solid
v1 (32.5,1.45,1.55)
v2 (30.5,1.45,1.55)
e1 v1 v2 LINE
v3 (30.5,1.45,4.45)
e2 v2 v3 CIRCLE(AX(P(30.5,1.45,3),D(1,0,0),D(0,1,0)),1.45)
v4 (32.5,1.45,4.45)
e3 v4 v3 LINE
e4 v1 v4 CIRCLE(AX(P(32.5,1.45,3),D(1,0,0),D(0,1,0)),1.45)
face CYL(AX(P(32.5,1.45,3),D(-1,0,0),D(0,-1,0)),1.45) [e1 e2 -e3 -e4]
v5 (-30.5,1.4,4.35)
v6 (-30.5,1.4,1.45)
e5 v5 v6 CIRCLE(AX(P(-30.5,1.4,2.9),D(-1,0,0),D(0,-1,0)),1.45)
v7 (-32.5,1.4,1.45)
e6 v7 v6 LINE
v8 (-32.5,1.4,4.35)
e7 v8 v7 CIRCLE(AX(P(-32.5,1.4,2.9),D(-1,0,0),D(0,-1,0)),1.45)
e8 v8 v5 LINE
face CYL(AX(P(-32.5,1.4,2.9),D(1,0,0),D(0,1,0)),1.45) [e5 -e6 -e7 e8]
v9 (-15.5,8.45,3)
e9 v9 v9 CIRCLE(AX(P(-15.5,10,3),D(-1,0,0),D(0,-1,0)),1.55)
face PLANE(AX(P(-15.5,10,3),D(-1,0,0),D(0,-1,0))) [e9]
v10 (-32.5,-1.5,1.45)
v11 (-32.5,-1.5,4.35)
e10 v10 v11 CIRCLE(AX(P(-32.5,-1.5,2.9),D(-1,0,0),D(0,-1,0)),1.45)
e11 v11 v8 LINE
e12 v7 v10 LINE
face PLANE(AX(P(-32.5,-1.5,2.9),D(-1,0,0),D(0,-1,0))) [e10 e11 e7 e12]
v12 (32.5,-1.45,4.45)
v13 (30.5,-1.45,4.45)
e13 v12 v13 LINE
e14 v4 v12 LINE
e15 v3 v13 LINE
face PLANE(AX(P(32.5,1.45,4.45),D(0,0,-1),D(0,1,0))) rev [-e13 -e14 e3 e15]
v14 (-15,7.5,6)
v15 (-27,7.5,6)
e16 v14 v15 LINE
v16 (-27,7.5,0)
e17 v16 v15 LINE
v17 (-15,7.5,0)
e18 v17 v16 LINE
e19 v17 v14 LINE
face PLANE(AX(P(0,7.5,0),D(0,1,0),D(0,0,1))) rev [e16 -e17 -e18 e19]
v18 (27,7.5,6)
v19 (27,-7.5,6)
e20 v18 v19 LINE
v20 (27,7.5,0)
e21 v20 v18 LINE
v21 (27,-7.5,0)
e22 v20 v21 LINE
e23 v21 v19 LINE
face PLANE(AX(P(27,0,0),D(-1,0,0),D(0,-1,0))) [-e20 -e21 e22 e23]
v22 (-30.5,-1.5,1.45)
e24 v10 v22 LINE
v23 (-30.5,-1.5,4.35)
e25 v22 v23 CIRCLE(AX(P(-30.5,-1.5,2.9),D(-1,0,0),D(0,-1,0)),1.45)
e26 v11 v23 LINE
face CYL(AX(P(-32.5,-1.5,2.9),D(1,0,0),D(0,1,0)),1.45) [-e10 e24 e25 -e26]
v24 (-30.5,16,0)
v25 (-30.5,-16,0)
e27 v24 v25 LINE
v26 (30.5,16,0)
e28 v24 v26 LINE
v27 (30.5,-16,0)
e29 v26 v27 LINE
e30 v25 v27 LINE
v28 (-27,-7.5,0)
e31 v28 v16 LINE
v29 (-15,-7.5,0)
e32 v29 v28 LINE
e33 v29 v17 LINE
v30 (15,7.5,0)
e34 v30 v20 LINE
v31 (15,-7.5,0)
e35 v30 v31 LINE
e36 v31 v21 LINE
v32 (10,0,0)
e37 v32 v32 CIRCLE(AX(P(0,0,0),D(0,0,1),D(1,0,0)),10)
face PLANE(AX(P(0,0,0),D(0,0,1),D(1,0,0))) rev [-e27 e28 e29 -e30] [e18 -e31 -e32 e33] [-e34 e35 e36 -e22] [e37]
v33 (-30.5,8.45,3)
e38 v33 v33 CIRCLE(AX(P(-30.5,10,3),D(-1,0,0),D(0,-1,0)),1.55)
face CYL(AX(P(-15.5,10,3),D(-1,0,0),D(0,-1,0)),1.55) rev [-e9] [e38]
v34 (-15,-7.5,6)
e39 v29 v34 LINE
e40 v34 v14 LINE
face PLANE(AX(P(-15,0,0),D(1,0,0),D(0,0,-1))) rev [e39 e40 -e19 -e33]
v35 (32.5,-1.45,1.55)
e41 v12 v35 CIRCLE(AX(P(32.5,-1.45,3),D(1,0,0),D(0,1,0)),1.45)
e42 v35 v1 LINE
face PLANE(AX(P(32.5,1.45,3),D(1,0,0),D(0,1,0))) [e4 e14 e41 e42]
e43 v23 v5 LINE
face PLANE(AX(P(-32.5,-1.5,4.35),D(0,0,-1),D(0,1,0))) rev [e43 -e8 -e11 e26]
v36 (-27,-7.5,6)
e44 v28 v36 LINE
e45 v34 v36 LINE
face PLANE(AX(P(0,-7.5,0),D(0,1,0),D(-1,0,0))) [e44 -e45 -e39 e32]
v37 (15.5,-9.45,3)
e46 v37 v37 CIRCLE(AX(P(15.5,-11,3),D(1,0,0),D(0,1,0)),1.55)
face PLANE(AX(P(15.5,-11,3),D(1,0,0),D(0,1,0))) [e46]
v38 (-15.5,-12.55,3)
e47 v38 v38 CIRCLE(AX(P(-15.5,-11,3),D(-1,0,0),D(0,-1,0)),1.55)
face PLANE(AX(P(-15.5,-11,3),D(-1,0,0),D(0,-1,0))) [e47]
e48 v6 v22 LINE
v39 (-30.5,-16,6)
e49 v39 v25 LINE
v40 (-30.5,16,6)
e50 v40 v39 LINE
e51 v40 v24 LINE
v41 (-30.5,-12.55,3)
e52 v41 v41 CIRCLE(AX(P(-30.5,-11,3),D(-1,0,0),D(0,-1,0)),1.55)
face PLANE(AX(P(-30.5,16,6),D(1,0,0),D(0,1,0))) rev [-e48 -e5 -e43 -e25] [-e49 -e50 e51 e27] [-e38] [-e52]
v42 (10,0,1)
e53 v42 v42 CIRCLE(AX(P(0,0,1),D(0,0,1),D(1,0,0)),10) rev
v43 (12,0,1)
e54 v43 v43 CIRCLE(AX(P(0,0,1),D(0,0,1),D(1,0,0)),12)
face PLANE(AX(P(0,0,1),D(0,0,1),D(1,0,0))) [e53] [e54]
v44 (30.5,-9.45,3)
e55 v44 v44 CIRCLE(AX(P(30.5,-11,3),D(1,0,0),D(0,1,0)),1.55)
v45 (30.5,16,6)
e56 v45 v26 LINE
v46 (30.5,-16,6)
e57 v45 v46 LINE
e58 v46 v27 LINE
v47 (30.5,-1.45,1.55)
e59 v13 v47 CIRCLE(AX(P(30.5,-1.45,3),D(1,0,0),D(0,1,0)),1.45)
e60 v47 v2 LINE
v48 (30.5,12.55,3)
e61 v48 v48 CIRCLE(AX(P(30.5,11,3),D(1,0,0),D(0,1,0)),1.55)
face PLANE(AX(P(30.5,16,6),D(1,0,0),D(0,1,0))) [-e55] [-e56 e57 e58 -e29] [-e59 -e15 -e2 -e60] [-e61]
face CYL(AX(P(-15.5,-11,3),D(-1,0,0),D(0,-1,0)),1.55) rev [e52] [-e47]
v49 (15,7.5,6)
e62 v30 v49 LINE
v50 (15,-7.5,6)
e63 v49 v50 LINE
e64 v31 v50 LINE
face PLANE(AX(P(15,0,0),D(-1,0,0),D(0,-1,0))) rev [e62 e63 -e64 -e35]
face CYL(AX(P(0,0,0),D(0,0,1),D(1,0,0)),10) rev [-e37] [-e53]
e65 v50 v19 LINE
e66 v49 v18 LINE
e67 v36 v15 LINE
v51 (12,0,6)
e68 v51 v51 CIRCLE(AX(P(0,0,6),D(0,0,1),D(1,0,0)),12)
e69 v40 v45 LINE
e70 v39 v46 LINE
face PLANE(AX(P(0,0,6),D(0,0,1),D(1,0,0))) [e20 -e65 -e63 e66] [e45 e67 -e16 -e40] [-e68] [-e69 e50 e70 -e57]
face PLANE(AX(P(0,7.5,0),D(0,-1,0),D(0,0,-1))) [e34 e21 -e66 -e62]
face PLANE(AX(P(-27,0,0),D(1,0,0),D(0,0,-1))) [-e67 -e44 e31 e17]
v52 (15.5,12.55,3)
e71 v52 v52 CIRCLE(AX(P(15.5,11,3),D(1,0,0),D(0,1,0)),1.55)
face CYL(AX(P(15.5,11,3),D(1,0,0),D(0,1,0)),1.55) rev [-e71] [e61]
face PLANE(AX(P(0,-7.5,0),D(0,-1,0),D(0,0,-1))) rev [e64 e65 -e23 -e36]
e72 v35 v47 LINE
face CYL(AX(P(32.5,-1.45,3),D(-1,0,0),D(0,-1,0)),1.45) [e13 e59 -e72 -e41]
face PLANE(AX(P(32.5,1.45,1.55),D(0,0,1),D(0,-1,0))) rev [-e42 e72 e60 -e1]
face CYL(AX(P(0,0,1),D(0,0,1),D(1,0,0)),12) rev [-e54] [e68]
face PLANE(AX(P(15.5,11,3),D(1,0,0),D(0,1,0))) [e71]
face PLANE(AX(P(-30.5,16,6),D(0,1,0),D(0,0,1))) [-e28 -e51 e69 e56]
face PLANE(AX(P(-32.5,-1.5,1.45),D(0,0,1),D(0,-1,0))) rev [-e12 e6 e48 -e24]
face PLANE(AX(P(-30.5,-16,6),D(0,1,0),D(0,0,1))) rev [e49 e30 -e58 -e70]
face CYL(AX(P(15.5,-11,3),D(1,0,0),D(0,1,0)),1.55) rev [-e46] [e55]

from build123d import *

# Parameters (mm, degrees)
SKETCH_1_W           = 61
SKETCH_1_H           = 32
EXTRUDE_1_DEPTH      = 6
SKETCH_2_R           = 10
CUT_EXTRUDE_13_DEPTH = 6
SKETCH_4_R           = 12
CUT_EXTRUDE_14_DEPTH = 5
SKETCH_5_W           = 12
SKETCH_5_H           = 15
CUT_EXTRUDE_16_DEPTH = 6
EXTRUDE_12_DEPTH     = 2
EXTRUDE_13_DEPTH     = 2
SKETCH_10_R          = 1.55
CUT_EXTRUDE_18_DEPTH = 15
SKETCH_11_R          = 1.55
CUT_EXTRUDE_19_DEPTH = 15


with BuildPart() as part:
    # Эскиз1 → Бобышка-Вытянуть1 (new body)
    with BuildSketch(Plane.XY):
        Rectangle(SKETCH_1_W, SKETCH_1_H)
    extrude(amount=EXTRUDE_1_DEPTH)

    # Эскиз2 → Вырез-Вытянуть13 (cut)
    with BuildSketch(Plane.XY.offset(6)):
        Circle(SKETCH_2_R)
    extrude(amount=-CUT_EXTRUDE_13_DEPTH, mode=Mode.SUBTRACT)

    # Эскиз4 → Вырез-Вытянуть14 (cut)
    with BuildSketch(Plane.XY.offset(6)):
        Circle(SKETCH_4_R)
    extrude(amount=-CUT_EXTRUDE_14_DEPTH, mode=Mode.SUBTRACT)

    # Эскиз5 → Вырез-Вытянуть16 (cut)
    with BuildSketch(Plane.XY.offset(6)):
        with Locations((21, 0)):
            Rectangle(SKETCH_5_W, SKETCH_5_H)
        with Locations((-21, 0)):
            Rectangle(SKETCH_5_W, SKETCH_5_H)
    extrude(amount=-CUT_EXTRUDE_16_DEPTH, mode=Mode.SUBTRACT)

    # Эскиз8 → Бобышка-Вытянуть12 (add)
    with BuildSketch(Plane.ZY.offset(30.5)):
        with BuildLine():
            Line((1.45, -1.5), (1.45, 1.4))
            ThreePointArc((1.45, 1.4), (2.9, 2.85), (4.35, 1.4))
            Line((4.35, 1.4), (4.35, -1.5))
            ThreePointArc((4.35, -1.5), (2.9, -2.95), (1.45, -1.5))
        make_face()
    extrude(amount=EXTRUDE_12_DEPTH)

    # Эскиз9 → Бобышка-Вытянуть13 (add)
    with BuildSketch(Plane(origin=(30.5, 0, 0), x_dir=(0, 0, -1), z_dir=(1, 0, 0))):
        with BuildLine():
            Line((-1.55, 1.45), (-1.55, -1.45))
            ThreePointArc((-1.55, -1.45), (-3, -2.9), (-4.45, -1.45))
            Line((-4.45, -1.45), (-4.45, 1.45))
            ThreePointArc((-4.45, 1.45), (-3, 2.9), (-1.55, 1.45))
        make_face()
    extrude(amount=EXTRUDE_13_DEPTH)

    # Эскиз10 → Вырез-Вытянуть18 (cut)
    with BuildSketch(Plane.ZY.offset(30.5)):
        with Locations(Location((3, 10, 0), (0, 0, 270))):  # turned: the seam where the file's is
            Circle(SKETCH_10_R)
        with Locations(Location((3, -11, 0), (0, 0, 270))):  # turned: the seam where the file's is
            Circle(SKETCH_10_R)
    extrude(amount=-CUT_EXTRUDE_18_DEPTH, mode=Mode.SUBTRACT)

    # Эскиз11 → Вырез-Вытянуть19 (cut)
    with BuildSketch(Plane(origin=(30.5, 0, 0), x_dir=(0, 0, -1), z_dir=(1, 0, 0))):
        with Locations(Location((-3, 11, 0), (0, 0, 90))):  # turned: the seam where the file's is
            Circle(SKETCH_11_R)
        with Locations(Location((-3, -11, 0), (0, 0, 270))):  # turned: the seam where the file's is
            Circle(SKETCH_11_R)
    extrude(amount=-CUT_EXTRUDE_19_DEPTH, mode=Mode.SUBTRACT)


solid = part.part
